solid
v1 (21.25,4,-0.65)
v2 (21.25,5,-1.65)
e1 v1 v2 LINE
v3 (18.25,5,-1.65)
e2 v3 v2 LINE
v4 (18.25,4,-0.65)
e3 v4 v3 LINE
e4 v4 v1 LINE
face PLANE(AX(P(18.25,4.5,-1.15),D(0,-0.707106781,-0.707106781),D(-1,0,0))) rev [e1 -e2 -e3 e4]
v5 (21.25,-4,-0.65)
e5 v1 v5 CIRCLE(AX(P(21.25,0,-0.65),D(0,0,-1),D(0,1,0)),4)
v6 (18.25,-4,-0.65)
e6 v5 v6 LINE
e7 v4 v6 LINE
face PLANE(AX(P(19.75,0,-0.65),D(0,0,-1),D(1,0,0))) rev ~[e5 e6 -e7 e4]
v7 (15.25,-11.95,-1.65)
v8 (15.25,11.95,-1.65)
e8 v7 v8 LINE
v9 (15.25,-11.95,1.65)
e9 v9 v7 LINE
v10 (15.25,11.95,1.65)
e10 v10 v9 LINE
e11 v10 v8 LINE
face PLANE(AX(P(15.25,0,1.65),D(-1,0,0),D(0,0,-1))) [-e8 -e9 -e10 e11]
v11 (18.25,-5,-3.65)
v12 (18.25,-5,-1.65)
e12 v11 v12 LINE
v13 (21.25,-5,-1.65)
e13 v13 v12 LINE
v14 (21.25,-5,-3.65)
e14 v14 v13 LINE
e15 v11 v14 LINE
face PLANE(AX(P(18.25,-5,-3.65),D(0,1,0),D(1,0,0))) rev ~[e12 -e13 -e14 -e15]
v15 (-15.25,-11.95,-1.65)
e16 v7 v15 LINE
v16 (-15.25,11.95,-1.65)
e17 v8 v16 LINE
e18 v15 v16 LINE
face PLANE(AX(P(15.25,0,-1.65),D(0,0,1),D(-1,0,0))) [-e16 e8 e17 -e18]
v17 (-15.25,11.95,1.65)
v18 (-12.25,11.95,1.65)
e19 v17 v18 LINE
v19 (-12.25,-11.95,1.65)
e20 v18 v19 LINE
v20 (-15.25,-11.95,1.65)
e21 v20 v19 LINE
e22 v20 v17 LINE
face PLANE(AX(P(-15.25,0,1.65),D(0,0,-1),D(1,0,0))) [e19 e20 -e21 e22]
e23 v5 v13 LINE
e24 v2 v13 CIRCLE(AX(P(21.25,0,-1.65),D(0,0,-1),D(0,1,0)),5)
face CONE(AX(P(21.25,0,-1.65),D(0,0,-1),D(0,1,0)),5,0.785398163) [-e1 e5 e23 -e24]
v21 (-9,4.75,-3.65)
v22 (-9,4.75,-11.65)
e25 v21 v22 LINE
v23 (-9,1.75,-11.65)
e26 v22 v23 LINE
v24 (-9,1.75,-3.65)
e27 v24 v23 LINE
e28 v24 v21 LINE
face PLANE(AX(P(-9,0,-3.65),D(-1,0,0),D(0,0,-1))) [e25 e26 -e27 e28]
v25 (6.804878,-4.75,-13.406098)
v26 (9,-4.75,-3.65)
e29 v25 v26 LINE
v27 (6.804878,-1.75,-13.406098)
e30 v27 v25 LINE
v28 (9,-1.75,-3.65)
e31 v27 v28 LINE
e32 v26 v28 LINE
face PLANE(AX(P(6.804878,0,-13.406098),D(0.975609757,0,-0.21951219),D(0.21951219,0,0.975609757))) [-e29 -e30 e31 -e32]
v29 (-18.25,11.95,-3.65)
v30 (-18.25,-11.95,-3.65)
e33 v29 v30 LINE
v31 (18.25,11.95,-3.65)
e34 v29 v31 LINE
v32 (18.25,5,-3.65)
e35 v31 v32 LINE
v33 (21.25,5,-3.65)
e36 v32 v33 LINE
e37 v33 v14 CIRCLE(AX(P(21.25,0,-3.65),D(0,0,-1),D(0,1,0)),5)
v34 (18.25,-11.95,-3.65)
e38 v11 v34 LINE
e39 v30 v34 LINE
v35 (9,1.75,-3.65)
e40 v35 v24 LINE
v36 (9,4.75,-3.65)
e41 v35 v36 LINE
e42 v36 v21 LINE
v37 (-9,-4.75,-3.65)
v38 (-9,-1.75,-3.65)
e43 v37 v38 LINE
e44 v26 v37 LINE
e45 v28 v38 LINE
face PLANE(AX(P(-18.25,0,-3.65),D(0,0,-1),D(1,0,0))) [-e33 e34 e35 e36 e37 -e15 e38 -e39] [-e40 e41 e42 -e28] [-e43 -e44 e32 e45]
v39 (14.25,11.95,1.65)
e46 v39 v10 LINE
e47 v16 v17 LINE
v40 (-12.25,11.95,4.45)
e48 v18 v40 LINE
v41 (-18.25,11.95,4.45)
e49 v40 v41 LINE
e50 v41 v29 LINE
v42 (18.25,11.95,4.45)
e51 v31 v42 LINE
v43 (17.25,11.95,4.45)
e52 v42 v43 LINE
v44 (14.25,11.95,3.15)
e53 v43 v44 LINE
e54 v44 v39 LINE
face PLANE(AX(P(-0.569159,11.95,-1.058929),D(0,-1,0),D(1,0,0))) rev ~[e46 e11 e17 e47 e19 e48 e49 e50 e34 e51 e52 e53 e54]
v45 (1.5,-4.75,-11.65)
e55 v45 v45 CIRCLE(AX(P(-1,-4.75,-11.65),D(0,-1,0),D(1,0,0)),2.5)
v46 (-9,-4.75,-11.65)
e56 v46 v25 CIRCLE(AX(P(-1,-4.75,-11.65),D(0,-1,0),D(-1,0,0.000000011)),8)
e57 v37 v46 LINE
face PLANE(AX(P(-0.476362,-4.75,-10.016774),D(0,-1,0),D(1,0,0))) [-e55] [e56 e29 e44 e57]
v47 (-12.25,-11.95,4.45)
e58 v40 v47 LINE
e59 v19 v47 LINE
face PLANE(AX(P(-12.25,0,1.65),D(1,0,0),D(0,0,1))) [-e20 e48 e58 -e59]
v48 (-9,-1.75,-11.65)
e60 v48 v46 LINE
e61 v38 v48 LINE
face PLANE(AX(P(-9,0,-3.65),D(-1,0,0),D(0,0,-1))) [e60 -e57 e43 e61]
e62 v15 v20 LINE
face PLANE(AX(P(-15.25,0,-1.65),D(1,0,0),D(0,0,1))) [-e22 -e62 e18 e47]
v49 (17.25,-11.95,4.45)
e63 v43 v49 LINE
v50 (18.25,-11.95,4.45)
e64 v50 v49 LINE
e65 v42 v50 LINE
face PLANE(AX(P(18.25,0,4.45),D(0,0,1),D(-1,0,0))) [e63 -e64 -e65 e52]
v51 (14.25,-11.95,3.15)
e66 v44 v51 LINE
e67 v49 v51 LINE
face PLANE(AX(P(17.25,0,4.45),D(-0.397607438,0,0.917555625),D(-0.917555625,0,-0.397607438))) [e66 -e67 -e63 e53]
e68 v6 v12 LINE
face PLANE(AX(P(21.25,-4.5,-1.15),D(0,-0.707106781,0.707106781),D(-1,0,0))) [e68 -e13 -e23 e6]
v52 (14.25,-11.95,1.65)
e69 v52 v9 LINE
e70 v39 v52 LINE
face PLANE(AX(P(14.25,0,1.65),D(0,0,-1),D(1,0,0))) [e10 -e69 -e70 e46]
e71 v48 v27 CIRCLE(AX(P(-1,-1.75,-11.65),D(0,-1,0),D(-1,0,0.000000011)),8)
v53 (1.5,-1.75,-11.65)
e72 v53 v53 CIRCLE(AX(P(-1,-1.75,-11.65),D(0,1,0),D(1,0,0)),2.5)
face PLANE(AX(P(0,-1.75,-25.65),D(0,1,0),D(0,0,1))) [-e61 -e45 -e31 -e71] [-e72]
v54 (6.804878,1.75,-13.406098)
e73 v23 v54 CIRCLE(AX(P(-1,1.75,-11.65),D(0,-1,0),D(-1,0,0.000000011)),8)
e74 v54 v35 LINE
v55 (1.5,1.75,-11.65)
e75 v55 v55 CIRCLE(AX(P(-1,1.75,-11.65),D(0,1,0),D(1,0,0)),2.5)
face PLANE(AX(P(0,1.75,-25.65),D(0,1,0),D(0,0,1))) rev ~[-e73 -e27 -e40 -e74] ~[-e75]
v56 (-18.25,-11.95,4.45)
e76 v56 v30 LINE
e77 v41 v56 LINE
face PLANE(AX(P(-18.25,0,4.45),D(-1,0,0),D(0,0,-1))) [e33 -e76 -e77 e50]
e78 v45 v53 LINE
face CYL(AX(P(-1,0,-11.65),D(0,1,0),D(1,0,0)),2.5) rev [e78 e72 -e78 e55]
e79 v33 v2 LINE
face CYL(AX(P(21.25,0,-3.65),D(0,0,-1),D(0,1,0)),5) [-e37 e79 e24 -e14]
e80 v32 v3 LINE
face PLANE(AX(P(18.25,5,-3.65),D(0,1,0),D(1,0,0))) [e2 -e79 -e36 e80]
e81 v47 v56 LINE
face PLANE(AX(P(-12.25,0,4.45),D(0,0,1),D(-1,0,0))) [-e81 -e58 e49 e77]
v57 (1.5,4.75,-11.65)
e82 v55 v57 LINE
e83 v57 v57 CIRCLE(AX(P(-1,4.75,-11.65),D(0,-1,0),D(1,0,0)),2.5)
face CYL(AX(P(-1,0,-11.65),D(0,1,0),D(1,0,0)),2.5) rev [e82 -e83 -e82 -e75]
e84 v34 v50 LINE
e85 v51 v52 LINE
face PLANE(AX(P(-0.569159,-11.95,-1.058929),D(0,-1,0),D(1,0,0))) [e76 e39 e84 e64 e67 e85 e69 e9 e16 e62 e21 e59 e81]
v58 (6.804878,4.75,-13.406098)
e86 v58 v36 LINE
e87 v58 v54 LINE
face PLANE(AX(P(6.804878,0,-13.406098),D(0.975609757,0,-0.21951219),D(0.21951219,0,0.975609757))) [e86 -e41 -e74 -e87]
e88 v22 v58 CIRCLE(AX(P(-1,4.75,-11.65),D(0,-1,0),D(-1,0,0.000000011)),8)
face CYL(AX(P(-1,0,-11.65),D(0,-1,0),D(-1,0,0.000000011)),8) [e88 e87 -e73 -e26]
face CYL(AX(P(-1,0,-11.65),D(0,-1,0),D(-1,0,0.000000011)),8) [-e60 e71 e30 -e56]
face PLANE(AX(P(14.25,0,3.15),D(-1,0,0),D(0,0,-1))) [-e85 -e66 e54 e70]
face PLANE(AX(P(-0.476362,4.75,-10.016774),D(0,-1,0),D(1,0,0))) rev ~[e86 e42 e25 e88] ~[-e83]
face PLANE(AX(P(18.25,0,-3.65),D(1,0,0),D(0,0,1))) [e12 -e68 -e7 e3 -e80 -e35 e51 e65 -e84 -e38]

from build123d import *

# Parameters (mm, degrees)
F1_DEPTH = 11.95
F2_R     = 2.5
F3_DEPTH = 4.75
F4_W     = 3.5
F4_H     = 22
F5_DEPTH = 12.5
F6_W     = 3
F6_H     = 10
F7_DEPTH = 3
F8_SIZE  = 1


with BuildPart() as f1:
    # F0 (on Front) → F1 (new body, symmetric)
    with BuildSketch(Plane.XZ):
        Polygon((-15.25, 1.65), (-12.25, 1.65), (-12.25, 4.45), (-18.25, 4.45), (-18.25, -3.65), (18.25, -3.65), (18.25, 4.45), (17.25, 4.45), (14.25, 3.15), (14.25, 1.65), (15.25, 1.65), (15.25, -1.65), (-15.25, -1.65), align=None)
    extrude(amount=F1_DEPTH, both=True)

    # F2 (on Front) → F3 (join, symmetric)
    with BuildSketch(Plane.XZ):
        with BuildLine():
            Line((-9, -3.65), (-9, -11.65))
            ThreePointArc((-9, -11.65), (-1.883452, -19.60107), (6.804878, -13.406098))
            Line((6.804878, -13.406098), (9, -3.65))
            Line((9, -3.65), (-9, -3.65))
        make_face()
        with Locations((-1, -11.65)):
            Circle(F2_R, mode=Mode.SUBTRACT)
    extrude(amount=F3_DEPTH, both=True)

    # F4 (on Right) → F5 (cut, symmetric)
    with BuildSketch(Plane.YZ):
        with Locations((0, -14.65)):
            Rectangle(F4_W, F4_H)
    extrude(amount=F5_DEPTH, both=True, mode=Mode.SUBTRACT)

    # F6 (on face) → F7 (join)
    with BuildSketch(Plane(origin=(0, 0, -3.65), x_dir=(1, 0, 0), z_dir=(0, 0, -1))):
        with Locations((19.75, 0)):
            Rectangle(F6_W, F6_H)
        with BuildLine():
            Line((21.25, 5), (21.25, -5))
            ThreePointArc((21.25, -5), (26.25, 0), (21.25, 5))
        make_face()
    extrude(amount=-F7_DEPTH)

    # F8
    f8_edges = [f1.edges().sort_by_distance(p)[0] for p in [
        (26.25, 0, -0.65),
    ]]
    chamfer(f8_edges, length=F8_SIZE)


solid = f1.part
